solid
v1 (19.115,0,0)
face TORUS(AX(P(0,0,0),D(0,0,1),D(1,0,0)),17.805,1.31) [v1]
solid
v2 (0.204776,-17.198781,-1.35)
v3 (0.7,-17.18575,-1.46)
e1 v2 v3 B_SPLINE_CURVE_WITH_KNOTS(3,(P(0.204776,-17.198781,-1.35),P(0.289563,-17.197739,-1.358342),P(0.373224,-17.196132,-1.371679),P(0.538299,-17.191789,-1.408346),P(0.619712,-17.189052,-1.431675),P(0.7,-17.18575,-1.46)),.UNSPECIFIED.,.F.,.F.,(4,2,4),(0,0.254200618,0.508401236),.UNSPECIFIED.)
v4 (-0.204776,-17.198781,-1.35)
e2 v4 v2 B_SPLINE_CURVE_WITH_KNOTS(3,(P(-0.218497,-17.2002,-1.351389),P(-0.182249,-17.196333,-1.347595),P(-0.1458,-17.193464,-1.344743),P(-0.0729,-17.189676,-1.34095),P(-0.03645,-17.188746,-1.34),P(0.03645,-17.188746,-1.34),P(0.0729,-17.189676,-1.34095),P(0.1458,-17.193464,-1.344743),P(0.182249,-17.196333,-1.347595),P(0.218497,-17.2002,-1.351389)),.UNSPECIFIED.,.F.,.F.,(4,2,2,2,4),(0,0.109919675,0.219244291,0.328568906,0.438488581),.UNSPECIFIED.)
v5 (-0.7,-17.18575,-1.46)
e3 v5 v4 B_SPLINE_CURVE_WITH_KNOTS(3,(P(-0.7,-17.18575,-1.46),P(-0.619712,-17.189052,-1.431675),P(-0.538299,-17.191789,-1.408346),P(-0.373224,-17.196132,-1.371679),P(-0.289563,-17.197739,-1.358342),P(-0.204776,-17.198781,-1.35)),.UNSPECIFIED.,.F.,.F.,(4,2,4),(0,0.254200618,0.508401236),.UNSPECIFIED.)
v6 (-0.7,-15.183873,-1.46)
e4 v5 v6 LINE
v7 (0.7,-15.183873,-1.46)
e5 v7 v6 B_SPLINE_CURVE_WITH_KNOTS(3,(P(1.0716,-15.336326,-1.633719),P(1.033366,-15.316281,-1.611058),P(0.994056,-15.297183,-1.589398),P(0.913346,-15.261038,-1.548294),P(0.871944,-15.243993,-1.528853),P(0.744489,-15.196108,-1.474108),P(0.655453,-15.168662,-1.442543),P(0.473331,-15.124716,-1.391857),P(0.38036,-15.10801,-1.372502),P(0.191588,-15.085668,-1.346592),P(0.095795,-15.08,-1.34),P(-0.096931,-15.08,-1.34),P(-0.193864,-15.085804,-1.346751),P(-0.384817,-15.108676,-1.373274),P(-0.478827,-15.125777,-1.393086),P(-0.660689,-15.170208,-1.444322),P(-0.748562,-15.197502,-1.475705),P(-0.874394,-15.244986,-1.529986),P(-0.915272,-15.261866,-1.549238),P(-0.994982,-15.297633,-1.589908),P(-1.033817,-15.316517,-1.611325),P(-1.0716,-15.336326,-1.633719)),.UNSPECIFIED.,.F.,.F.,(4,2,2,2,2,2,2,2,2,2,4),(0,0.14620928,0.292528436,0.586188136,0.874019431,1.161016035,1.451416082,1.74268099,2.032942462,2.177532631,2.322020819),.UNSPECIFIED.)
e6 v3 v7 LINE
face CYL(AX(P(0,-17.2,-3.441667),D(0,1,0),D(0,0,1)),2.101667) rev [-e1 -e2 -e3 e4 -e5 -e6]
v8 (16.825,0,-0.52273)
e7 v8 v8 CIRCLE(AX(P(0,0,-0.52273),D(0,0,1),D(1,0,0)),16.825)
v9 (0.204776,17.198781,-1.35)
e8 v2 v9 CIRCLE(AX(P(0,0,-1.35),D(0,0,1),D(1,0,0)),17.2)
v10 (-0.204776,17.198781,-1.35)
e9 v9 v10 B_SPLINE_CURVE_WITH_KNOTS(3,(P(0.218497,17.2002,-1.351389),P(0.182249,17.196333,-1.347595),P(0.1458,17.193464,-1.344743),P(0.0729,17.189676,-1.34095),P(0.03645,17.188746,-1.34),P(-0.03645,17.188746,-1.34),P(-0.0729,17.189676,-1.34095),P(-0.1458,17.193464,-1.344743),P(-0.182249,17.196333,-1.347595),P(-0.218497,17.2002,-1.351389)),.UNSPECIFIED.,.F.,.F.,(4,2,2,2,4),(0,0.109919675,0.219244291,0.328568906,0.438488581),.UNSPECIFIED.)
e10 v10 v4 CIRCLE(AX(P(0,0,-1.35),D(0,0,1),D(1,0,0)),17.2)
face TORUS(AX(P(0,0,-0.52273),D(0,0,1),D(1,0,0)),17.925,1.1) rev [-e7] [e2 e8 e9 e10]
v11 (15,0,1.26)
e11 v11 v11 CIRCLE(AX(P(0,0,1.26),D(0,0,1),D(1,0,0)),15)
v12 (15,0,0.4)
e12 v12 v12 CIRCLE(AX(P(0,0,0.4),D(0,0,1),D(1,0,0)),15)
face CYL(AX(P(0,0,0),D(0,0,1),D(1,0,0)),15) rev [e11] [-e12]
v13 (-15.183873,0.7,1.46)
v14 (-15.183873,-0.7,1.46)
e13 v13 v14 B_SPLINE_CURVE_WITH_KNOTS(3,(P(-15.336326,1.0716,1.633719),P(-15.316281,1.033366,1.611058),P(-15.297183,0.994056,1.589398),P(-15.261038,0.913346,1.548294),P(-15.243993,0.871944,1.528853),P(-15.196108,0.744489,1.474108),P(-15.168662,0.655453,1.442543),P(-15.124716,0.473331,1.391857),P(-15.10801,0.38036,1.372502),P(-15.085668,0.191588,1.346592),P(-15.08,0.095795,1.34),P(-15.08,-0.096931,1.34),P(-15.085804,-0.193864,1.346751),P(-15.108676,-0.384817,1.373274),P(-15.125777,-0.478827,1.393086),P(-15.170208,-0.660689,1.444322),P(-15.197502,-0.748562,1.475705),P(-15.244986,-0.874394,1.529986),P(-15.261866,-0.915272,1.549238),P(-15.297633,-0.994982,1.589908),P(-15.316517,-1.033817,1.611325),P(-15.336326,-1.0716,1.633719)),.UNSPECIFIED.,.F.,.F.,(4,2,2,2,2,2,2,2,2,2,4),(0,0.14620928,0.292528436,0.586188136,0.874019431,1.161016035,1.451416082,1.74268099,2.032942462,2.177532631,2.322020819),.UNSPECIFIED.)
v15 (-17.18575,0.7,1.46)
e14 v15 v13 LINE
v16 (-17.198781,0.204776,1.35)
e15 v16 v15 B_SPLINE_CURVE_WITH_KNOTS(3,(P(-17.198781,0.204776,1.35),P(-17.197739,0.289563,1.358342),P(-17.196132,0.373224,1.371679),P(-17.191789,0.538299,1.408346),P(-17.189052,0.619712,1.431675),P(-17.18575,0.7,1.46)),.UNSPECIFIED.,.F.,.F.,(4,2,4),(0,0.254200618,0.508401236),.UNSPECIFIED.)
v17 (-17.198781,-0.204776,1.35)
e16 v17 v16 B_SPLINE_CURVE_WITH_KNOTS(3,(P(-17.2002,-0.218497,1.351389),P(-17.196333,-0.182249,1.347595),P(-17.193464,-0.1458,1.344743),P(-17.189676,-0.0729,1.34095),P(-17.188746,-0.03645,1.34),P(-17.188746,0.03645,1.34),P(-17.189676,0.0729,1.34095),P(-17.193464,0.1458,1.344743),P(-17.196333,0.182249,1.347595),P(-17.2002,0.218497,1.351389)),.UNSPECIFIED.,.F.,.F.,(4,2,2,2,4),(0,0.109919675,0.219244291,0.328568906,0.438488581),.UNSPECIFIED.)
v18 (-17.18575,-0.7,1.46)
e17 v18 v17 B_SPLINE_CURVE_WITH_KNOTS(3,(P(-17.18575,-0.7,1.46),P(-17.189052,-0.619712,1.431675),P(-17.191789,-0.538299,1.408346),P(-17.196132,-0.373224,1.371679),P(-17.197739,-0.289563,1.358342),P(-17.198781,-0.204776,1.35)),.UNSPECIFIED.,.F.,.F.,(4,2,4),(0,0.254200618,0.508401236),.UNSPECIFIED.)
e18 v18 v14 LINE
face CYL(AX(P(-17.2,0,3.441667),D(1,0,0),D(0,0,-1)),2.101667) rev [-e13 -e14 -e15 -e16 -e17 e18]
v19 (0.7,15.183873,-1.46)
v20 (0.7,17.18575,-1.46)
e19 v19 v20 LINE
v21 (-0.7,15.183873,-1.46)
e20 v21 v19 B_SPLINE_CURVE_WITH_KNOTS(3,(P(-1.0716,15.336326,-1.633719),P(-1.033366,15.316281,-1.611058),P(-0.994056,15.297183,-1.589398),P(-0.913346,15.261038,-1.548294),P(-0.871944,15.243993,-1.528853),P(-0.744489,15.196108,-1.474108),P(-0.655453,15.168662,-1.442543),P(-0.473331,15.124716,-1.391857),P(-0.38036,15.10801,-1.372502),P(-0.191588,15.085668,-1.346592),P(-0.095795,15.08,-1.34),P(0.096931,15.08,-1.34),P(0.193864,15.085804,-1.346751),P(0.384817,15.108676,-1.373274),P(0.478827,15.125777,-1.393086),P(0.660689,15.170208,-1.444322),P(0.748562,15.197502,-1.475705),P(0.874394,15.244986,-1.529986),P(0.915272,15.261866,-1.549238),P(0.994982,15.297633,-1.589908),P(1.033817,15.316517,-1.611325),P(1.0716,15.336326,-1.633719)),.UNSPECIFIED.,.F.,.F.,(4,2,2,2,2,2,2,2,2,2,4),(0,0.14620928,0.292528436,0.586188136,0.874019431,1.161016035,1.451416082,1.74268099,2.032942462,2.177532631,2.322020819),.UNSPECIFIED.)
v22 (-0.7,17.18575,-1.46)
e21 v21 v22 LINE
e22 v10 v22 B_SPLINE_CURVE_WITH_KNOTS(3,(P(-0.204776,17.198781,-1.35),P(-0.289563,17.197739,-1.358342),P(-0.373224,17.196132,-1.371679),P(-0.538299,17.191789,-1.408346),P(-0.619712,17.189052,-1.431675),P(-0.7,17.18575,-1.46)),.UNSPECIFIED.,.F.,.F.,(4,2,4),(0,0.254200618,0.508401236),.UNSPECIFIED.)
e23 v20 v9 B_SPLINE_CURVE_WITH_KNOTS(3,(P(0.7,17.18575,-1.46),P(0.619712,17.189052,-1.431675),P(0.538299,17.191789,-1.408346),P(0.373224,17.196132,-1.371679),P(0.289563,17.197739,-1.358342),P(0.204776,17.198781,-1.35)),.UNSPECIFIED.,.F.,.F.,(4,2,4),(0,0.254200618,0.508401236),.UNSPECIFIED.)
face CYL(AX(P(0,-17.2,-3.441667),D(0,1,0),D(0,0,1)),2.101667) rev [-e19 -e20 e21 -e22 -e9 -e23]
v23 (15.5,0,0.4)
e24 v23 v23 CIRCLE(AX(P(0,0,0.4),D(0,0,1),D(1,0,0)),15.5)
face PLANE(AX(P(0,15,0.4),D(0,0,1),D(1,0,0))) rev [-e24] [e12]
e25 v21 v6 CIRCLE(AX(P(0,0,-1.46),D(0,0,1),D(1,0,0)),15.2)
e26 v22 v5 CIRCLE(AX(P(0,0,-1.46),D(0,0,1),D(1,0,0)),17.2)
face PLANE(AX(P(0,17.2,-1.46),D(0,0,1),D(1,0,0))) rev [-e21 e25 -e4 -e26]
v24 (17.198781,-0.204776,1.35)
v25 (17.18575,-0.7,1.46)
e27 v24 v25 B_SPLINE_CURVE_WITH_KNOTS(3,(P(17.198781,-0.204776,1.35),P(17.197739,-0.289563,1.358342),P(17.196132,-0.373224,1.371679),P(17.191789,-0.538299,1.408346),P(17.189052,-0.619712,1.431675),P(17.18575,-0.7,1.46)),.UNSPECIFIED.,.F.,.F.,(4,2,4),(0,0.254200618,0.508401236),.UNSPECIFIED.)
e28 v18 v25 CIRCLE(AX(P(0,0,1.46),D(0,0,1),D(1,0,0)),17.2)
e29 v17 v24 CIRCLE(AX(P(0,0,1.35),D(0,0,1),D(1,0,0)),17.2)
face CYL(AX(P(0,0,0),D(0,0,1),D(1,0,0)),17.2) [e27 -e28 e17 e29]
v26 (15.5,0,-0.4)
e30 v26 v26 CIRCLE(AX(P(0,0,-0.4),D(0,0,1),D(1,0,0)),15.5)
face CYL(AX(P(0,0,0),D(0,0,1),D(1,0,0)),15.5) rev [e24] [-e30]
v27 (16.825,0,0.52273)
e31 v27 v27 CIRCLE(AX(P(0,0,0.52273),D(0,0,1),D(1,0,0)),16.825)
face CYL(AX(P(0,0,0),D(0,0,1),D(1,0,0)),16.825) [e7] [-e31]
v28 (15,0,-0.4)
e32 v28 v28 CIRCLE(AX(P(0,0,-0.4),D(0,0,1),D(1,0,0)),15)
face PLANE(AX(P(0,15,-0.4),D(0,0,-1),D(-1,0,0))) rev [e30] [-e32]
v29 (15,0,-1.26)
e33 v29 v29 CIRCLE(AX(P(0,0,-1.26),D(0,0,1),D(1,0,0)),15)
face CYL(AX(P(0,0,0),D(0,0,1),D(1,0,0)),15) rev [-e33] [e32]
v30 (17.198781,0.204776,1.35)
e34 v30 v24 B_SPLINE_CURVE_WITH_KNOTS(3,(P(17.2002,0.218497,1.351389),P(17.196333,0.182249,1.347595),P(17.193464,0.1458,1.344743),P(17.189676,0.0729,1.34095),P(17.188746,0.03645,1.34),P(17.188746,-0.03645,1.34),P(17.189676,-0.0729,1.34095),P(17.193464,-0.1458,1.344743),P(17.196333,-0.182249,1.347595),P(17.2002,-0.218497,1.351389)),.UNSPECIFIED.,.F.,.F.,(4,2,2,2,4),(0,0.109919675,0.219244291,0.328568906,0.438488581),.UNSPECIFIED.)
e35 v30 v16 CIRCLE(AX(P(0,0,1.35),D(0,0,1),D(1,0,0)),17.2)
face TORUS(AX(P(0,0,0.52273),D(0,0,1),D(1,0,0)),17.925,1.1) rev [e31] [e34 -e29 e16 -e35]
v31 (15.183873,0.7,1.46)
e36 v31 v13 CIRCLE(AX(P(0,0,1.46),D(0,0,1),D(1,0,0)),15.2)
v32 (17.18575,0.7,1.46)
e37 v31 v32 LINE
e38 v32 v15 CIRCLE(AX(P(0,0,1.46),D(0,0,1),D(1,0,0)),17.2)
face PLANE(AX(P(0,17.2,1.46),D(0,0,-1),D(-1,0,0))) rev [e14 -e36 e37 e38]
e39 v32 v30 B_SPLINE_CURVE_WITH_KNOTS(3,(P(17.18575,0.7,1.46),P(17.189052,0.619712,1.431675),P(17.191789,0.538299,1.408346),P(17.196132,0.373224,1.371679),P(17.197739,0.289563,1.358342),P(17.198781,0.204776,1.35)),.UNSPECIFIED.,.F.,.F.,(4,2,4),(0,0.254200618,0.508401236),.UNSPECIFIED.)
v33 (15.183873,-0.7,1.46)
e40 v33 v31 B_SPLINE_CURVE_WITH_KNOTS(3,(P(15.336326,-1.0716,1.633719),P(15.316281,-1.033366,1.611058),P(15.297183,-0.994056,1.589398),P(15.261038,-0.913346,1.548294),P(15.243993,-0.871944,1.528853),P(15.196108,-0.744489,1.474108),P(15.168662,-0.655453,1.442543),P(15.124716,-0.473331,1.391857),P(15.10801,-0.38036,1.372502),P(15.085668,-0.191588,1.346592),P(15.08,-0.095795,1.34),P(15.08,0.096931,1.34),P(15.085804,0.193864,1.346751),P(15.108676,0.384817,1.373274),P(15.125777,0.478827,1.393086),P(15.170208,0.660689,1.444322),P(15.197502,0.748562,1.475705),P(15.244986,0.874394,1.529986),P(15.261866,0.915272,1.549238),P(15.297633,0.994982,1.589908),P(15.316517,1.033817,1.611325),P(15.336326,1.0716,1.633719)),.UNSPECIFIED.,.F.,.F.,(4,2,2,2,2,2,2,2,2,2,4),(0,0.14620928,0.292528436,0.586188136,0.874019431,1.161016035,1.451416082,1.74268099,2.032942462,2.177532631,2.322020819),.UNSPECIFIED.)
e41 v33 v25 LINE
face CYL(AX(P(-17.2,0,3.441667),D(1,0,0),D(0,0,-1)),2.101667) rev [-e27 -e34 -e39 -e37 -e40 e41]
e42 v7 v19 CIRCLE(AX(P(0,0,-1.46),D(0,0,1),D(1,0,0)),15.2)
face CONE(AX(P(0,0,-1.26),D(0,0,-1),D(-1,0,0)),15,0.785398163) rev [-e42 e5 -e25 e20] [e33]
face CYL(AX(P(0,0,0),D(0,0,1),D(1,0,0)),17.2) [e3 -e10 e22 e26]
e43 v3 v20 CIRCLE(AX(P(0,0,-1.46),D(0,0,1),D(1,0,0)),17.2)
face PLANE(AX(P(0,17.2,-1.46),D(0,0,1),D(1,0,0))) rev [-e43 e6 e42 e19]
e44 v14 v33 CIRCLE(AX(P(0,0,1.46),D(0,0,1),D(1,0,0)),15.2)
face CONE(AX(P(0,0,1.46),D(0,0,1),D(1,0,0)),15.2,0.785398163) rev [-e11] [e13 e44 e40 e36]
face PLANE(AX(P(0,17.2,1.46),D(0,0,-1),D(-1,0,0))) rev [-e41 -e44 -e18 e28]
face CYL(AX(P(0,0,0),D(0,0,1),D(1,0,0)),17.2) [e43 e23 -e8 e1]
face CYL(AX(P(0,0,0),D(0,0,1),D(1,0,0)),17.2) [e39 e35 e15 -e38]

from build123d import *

# Parameters (mm, degrees)
CUT_EXTRUDE1_DEPTH      = 25.368249835
CUT_EXTRUDE1_DEPTH_BACK = 25.368249835
CUT_EXTRUDE2_DEPTH      = 25.368249911
CUT_EXTRUDE2_DEPTH_BACK = 25.368249911
SKETCH2_R               = 1.31


with BuildPart() as part:
    # Sketch1 → Revolve1 (revolve)
    with BuildSketch(Plane(origin=(0, 0, 0), x_dir=(0, 0, -1), z_dir=(1, 0, 0)), mode=Mode.PRIVATE) as revolve1_sk:
        with BuildLine():
            Line((-1.35, 17.2), (-1.46, 17.2))
            Line((-1.46, 17.2), (-1.46, 15.2))
            Line((-1.46, 15.2), (-1.26, 15))
            Line((-1.26, 15), (-0.4, 15))
            Line((-0.4, 15), (-0.4, 15.5))
            Line((-0.4, 15.5), (0.4, 15.5))
            Line((0.4, 15.5), (0.4, 15))
            Line((0.4, 15), (1.26, 15))
            Line((1.26, 15), (1.46, 15.2))
            Line((1.46, 15.2), (1.46, 17.2))
            Line((1.46, 17.2), (1.35, 17.2))
            ThreePointArc((1.35, 17.2), (0.976877948, 16.923126755), (0.522730395, 16.825))
            Line((0.522730395, 16.825), (-0.522730395, 16.825))
            ThreePointArc((-0.522730395, 16.825), (-0.976877948, 16.923126755), (-1.35, 17.2))
        make_face()
    revolve(revolve1_sk.sketch.rotate(Axis((0, 0, 0), (0, 0, -1)), 90), axis=Axis((0, 0, 0), (0, 0, -1)))

    # Sketch3 → Cut-Extrude1 (cut, two sides: drawn at the far end of the back side and taken through both)
    with BuildSketch(Plane(origin=(0, 0, 0), x_dir=(1, 0, 0), z_dir=(0, 1, 0)).offset(-CUT_EXTRUDE1_DEPTH_BACK)):
        with BuildLine():
            Line((-0.7, 1.46), (0.7, 1.46))
            ThreePointArc((0.7, 1.46), (0, 1.34), (-0.7, 1.46))
        make_face()
    extrude(amount=CUT_EXTRUDE1_DEPTH + CUT_EXTRUDE1_DEPTH_BACK, mode=Mode.SUBTRACT)

    # Sketch4 → Cut-Extrude2 (cut, two sides: drawn at the far end of the back side and taken through both)
    with BuildSketch(Plane(origin=(0, 0, 0), x_dir=(0, 0, -1), z_dir=(1, 0, 0)).offset(-CUT_EXTRUDE2_DEPTH_BACK)):
        with BuildLine():
            Line((-1.46, 0.7), (-1.46, -0.7))
            ThreePointArc((-1.46, -0.7), (-1.34, 0), (-1.46, 0.7))
        make_face()
    extrude(amount=CUT_EXTRUDE2_DEPTH + CUT_EXTRUDE2_DEPTH_BACK, mode=Mode.SUBTRACT)


with BuildPart() as body_2:
    # Sketch2 → Revolve2 (revolve)
    with BuildSketch(Plane(origin=(0, 0, 0), x_dir=(0, 0, -1), z_dir=(1, 0, 0)), mode=Mode.PRIVATE) as revolve2_sk:
        with Locations((0, 17.805)):
            Circle(SKETCH2_R)
    revolve(revolve2_sk.sketch.rotate(Axis((0, 0, 0), (0, 0, -1)), 182.639555001), axis=Axis((0, 0, 0), (0, 0, -1)))


solid = Compound([part.part, body_2.part])
